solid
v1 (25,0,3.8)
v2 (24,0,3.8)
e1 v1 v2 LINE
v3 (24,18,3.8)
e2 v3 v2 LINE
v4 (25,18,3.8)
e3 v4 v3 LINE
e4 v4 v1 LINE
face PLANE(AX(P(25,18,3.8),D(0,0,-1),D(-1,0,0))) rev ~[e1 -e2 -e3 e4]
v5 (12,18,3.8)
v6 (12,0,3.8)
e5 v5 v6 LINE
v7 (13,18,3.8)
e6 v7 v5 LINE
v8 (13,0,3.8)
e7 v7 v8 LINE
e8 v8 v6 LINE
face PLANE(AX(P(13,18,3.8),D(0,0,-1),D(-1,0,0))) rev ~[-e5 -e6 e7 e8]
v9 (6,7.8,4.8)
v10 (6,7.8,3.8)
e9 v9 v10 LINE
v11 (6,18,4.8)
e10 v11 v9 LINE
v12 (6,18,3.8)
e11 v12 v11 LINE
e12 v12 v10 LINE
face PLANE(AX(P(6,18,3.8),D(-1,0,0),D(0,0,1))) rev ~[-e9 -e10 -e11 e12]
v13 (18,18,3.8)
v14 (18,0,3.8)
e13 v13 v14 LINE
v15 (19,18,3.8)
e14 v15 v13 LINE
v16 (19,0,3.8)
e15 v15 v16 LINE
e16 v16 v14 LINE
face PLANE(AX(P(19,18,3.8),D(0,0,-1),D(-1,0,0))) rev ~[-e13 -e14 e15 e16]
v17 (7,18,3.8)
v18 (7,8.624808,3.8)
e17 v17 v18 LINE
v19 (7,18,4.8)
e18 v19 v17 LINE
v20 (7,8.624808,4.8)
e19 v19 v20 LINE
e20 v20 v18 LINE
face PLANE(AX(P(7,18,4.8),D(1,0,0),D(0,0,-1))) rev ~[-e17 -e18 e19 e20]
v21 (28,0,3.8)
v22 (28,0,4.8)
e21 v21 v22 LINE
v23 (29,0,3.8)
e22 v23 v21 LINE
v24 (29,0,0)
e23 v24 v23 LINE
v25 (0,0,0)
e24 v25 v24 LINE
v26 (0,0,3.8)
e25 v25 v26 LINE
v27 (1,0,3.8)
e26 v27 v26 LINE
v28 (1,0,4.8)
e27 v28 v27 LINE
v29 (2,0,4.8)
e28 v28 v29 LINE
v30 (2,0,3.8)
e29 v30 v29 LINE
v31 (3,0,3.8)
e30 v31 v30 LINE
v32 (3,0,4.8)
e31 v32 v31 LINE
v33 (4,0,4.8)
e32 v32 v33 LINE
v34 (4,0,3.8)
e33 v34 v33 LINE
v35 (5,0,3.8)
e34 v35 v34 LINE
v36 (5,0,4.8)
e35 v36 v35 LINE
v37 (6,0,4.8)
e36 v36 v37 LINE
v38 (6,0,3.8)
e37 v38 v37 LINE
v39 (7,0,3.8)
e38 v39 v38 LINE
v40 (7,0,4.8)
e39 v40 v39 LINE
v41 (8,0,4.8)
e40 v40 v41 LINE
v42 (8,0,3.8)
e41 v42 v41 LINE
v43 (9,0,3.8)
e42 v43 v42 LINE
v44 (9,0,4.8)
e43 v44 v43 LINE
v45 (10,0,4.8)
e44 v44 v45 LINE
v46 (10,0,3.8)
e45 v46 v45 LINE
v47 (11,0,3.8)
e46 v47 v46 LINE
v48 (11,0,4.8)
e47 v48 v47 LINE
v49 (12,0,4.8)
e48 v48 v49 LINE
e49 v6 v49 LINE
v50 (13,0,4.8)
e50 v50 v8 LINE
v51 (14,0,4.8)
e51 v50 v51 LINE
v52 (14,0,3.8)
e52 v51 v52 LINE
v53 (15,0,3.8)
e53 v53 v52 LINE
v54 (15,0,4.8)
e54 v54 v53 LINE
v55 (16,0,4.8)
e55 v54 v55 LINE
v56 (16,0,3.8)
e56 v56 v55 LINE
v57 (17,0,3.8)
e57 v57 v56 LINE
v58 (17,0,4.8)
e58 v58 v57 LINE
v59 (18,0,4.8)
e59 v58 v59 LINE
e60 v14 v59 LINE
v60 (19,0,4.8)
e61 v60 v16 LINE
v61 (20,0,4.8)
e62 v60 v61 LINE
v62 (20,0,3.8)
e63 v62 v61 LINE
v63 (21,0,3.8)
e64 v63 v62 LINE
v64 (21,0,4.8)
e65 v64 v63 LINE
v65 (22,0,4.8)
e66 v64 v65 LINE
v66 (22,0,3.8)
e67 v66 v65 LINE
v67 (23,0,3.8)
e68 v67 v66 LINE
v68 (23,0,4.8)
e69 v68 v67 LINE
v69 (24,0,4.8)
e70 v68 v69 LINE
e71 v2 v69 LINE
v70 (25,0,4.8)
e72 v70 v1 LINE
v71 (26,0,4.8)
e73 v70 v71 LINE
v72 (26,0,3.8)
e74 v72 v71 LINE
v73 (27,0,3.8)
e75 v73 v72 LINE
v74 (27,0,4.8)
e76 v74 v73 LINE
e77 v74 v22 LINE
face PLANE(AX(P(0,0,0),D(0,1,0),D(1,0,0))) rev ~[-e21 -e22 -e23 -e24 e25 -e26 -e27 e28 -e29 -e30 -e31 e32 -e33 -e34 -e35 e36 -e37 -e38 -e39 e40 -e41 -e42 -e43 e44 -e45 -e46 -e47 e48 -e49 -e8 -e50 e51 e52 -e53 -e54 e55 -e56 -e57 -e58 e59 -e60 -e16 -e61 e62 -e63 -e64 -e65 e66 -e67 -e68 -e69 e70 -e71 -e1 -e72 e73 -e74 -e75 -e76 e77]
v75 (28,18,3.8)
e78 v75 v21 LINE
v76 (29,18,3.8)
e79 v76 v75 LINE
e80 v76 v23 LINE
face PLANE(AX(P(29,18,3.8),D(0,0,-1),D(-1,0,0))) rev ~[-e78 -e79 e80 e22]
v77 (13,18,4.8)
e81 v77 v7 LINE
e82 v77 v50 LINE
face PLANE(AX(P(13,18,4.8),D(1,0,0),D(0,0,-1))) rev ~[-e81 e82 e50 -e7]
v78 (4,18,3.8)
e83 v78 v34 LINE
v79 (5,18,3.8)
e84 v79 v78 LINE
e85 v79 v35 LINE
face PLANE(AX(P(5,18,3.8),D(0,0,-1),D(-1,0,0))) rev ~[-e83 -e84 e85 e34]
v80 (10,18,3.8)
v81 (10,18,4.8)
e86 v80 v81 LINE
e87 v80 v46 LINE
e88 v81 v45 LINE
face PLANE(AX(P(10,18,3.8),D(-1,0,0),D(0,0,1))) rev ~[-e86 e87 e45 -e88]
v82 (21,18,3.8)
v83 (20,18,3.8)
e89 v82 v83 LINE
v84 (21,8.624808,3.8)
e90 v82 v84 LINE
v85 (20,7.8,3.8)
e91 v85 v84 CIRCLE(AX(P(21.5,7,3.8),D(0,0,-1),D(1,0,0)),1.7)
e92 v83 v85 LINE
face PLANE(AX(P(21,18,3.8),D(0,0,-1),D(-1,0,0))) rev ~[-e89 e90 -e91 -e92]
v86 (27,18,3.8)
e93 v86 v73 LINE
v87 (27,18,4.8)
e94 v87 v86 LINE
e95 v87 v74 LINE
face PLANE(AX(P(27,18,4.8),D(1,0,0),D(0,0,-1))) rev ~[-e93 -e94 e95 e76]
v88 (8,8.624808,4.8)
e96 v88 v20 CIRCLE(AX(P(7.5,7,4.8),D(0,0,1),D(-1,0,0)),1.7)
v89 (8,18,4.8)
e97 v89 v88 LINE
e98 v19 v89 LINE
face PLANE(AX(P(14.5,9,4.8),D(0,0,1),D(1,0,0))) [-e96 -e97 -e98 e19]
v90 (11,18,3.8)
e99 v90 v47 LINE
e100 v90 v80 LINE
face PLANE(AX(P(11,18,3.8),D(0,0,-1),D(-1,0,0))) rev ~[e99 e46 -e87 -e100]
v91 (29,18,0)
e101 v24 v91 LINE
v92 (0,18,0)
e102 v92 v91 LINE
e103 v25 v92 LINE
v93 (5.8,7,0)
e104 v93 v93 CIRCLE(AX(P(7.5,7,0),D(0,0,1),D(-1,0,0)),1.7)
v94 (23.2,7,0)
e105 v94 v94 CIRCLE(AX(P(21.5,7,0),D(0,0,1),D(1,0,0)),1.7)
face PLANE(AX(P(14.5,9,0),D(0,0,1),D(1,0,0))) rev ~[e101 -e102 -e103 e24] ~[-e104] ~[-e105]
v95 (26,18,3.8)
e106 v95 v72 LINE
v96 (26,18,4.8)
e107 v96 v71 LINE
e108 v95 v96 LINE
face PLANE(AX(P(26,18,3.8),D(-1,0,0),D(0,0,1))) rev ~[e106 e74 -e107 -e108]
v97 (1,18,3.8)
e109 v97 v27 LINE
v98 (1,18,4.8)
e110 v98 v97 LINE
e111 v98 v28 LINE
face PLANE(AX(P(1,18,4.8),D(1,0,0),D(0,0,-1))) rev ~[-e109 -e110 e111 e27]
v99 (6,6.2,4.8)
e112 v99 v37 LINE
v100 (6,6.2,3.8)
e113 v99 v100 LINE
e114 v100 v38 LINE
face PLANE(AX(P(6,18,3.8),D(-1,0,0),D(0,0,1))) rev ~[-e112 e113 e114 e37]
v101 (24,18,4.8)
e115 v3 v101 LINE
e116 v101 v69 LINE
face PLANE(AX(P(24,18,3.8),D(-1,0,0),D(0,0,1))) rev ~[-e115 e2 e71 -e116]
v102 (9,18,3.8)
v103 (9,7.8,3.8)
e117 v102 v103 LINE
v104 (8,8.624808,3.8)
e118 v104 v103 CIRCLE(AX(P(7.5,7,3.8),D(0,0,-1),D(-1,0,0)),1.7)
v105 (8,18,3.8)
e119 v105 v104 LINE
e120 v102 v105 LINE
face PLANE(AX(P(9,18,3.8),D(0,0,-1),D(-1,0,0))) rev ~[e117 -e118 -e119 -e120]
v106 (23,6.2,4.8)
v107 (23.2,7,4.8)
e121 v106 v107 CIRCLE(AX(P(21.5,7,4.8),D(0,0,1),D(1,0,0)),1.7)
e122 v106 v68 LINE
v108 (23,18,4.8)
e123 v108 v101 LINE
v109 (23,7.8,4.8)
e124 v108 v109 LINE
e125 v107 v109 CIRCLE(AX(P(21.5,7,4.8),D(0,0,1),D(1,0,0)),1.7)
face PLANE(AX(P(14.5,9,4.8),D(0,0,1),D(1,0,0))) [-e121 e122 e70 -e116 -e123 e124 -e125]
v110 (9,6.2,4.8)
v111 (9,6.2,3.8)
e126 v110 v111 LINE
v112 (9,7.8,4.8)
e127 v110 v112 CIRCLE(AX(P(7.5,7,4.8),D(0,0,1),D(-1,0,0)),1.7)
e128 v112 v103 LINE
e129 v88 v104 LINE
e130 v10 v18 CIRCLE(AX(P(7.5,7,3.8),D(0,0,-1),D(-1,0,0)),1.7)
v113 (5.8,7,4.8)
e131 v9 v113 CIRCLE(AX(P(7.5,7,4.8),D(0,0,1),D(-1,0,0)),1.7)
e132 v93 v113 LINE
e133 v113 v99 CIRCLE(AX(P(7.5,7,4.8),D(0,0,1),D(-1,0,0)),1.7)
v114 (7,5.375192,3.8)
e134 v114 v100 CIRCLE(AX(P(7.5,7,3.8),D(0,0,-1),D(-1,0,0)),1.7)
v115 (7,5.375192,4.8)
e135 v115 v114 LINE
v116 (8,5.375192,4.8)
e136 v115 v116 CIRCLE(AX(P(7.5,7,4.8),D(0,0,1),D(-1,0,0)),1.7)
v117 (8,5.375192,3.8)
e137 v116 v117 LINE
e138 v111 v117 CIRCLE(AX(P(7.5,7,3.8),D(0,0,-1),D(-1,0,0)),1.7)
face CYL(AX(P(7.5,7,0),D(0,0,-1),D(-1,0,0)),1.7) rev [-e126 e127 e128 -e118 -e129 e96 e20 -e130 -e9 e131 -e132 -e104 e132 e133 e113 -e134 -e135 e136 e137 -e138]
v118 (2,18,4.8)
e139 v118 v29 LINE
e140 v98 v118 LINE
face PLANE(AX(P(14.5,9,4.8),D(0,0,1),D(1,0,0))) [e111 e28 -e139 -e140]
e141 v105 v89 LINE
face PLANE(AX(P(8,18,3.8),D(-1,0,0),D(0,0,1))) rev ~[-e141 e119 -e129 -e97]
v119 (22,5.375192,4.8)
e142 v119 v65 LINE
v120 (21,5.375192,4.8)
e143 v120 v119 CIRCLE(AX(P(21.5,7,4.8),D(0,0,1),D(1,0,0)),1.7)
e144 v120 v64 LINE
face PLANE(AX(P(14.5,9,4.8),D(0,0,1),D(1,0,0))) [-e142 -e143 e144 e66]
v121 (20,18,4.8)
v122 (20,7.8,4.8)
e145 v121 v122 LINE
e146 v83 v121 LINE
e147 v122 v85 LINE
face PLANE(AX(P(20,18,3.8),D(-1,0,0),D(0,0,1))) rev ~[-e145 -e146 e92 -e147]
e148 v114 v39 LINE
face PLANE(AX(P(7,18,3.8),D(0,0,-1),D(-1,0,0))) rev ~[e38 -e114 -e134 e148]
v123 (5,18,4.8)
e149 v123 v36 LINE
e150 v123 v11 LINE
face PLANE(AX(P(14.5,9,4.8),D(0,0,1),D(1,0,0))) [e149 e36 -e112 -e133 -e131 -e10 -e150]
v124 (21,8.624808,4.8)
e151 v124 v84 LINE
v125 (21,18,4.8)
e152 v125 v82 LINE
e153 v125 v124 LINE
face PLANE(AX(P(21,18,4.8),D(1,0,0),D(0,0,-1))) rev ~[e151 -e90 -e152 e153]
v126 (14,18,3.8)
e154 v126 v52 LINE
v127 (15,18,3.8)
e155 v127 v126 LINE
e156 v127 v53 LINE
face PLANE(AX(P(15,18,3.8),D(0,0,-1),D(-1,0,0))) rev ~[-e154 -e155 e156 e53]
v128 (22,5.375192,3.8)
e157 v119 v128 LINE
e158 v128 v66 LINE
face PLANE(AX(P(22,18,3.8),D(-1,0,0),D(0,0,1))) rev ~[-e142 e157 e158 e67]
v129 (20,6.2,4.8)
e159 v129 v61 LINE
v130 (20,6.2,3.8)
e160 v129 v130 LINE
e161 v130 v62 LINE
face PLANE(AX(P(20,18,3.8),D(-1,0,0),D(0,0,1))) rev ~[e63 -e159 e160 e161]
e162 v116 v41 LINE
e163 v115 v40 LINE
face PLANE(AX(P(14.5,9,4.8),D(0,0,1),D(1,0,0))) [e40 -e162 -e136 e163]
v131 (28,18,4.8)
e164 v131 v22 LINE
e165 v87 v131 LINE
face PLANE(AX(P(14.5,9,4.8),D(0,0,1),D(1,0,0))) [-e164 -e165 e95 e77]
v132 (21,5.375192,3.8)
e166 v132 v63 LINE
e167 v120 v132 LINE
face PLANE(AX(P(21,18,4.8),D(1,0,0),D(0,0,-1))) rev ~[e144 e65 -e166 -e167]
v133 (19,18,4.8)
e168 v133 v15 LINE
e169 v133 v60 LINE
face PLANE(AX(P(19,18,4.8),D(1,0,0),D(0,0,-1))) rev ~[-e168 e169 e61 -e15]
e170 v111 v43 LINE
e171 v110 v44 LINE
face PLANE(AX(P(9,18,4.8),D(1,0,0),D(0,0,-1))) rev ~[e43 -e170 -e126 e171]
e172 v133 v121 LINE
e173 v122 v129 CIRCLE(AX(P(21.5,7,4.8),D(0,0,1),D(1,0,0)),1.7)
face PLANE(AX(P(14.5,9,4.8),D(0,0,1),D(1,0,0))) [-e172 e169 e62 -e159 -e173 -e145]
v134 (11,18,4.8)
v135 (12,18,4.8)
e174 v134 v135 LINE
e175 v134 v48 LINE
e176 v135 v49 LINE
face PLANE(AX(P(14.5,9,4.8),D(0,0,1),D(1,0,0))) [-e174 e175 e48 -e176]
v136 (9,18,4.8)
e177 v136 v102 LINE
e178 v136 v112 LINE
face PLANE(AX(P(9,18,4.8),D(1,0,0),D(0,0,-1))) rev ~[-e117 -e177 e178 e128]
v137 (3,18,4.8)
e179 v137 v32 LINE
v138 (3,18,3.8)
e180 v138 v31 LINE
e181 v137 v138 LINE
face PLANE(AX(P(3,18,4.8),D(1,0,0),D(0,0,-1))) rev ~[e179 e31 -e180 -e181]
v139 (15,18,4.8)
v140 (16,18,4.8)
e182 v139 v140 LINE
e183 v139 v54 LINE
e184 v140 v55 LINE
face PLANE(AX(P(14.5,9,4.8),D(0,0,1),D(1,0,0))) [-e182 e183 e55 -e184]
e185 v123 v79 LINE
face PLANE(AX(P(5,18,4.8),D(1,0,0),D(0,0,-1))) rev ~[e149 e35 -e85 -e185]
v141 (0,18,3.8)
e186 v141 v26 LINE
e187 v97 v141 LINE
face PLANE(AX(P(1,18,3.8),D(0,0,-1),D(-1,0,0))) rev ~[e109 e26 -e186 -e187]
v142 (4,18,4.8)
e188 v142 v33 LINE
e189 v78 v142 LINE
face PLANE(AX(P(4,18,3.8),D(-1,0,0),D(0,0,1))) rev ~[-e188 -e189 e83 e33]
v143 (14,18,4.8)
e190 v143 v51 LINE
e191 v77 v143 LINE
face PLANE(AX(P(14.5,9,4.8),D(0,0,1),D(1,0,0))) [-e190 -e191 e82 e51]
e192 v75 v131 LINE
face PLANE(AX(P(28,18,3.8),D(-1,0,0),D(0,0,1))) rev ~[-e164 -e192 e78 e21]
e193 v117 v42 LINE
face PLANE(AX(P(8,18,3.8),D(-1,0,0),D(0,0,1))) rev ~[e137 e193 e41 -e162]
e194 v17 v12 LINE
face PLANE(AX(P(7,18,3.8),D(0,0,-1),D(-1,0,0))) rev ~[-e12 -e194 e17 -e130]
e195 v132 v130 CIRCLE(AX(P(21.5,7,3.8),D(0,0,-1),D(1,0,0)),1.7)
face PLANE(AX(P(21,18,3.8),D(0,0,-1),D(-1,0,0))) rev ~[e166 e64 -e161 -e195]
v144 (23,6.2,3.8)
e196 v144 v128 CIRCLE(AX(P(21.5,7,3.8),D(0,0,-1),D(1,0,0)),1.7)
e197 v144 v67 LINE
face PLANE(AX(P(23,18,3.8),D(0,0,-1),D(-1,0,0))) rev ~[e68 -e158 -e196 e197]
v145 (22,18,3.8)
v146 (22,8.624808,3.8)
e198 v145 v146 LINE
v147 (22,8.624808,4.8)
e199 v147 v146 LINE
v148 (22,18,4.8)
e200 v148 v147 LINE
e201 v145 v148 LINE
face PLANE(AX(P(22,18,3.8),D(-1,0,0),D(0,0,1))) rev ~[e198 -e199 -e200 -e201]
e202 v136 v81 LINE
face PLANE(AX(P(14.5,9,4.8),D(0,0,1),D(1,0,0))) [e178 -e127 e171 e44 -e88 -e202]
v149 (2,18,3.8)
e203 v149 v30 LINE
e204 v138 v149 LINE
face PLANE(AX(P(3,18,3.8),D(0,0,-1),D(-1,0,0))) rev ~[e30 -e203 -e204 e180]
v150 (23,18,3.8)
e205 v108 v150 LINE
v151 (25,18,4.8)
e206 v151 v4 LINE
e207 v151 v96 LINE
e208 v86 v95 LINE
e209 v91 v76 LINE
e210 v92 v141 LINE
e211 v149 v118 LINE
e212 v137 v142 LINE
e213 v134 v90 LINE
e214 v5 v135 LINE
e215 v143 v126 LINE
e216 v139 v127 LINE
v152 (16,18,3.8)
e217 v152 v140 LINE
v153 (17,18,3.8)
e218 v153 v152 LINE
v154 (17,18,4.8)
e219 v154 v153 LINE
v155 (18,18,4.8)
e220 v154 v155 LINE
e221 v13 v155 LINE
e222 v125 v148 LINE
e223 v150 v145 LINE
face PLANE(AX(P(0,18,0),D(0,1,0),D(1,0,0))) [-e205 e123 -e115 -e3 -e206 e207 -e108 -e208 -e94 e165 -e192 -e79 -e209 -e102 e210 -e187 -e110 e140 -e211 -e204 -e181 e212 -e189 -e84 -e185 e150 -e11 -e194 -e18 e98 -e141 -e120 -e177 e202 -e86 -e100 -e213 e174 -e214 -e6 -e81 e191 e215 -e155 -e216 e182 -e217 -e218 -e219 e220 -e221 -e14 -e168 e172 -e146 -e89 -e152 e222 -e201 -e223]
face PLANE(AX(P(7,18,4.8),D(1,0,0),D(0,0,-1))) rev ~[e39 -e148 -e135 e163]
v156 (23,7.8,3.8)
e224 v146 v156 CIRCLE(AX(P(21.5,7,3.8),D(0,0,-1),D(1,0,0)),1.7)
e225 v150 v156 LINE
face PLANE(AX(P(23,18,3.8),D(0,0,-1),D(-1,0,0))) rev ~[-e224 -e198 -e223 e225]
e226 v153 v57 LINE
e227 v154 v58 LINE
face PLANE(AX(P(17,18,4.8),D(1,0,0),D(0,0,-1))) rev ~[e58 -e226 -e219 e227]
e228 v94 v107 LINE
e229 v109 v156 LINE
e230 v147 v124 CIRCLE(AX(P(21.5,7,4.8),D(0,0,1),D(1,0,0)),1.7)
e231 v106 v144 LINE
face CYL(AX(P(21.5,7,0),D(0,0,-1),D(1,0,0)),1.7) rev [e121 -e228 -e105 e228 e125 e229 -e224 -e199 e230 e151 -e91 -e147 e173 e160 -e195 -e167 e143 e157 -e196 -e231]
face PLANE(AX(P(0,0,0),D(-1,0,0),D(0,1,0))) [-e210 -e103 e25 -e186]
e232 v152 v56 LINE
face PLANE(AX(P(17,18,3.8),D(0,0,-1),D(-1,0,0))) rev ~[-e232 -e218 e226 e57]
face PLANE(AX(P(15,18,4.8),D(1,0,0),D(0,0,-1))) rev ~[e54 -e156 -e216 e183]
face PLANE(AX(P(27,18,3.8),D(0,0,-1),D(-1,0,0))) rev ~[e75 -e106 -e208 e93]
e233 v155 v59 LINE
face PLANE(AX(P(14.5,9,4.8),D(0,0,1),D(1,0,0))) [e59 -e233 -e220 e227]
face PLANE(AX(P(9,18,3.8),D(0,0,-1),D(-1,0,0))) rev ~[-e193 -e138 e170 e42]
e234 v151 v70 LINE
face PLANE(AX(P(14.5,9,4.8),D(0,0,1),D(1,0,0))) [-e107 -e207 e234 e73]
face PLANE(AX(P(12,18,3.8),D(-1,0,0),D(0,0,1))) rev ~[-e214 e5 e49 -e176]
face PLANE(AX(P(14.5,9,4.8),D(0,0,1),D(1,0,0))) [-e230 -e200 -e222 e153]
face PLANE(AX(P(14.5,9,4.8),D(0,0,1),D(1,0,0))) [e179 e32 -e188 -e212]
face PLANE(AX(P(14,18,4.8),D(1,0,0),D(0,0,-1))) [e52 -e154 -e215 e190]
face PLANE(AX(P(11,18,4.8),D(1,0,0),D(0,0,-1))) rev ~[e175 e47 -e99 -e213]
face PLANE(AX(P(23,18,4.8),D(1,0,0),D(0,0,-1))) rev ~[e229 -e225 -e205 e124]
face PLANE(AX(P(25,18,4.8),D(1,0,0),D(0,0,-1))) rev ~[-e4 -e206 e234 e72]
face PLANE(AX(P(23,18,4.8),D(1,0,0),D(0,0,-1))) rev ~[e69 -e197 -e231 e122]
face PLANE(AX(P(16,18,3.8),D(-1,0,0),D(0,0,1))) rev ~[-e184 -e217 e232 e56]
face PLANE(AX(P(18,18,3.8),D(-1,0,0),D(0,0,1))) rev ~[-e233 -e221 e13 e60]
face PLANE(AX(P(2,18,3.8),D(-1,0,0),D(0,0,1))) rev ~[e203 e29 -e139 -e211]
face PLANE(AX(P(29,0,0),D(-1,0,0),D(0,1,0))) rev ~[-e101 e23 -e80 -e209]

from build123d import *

# Parameters (mm, degrees)
SKETCH_1_W          = 29
SKETCH_1_H          = 18
SKETCH_1_R          = 1.7
EXTRUDE_1_DEPTH     = 4.8
SKETCH_2_W          = 0.5
SKETCH_2_H          = 1
CUT_EXTRUDE_1_DEPTH = 35.467956133


with BuildPart() as part:
    # 草图1 → 凸台-拉伸1 (new body)
    with BuildSketch(Plane.XY):
        with Locations((14.5, 9)):
            Rectangle(SKETCH_1_W, SKETCH_1_H)
        with Locations((21.5, 7)):
            Circle(SKETCH_1_R, mode=Mode.SUBTRACT)
        with Locations(Location((7.5, 7, 0), (0, 0, 180))):
            Circle(SKETCH_1_R, mode=Mode.SUBTRACT)
    extrude(amount=EXTRUDE_1_DEPTH)

    # 草图2 → 切除-拉伸1 (cut, through all)
    with BuildSketch(Plane(origin=(0, 18, 0), x_dir=(1, 0, 0), z_dir=(0, 1, 0))):
        Polygon((0, -4.8), (1, -4.8), (1, -3.8), (0.5, -3.8), (0, -3.8), align=None)
        Polygon((2, -4.8), (3, -4.8), (3, -3.8), (2.5, -3.8), (2, -3.8), align=None)
        Polygon((4, -4.8), (5, -4.8), (5, -3.8), (4.5, -3.8), (4, -3.8), align=None)
        Polygon((6, -4.8), (7, -4.8), (7, -3.8), (6.5, -3.8), (6, -3.8), align=None)
        Polygon((8, -4.8), (9, -4.8), (9, -3.8), (8.5, -3.8), (8, -3.8), align=None)
        Polygon((10, -4.8), (11, -4.8), (11, -3.8), (10.5, -3.8), (10, -3.8), align=None)
        Polygon((12, -4.8), (13, -4.8), (13, -3.8), (12.5, -3.8), (12, -3.8), align=None)
        with Locations((14.75, -4.3)):
            Rectangle(SKETCH_2_W, SKETCH_2_H)
        with Locations((14.25, -4.3)):
            Rectangle(SKETCH_2_W, SKETCH_2_H)
        Polygon((16, -3.8), (16, -4.8), (17, -4.8), (17, -3.8), (16.5, -3.8), align=None)
        Polygon((18, -3.8), (18, -4.8), (19, -4.8), (19, -3.8), (18.5, -3.8), align=None)
        Polygon((20, -3.8), (20, -4.8), (21, -4.8), (21, -3.8), (20.5, -3.8), align=None)
        Polygon((22, -3.8), (22, -4.8), (23, -4.8), (23, -3.8), (22.5, -3.8), align=None)
        Polygon((24, -3.8), (24, -4.8), (25, -4.8), (25, -3.8), (24.5, -3.8), align=None)
        Polygon((26, -3.8), (26, -4.8), (27, -4.8), (27, -3.8), (26.5, -3.8), align=None)
        Polygon((28, -3.8), (28, -4.8), (29, -4.8), (29, -3.8), (28.5, -3.8), align=None)
    extrude(amount=-CUT_EXTRUDE_1_DEPTH, mode=Mode.SUBTRACT)


solid = part.part
